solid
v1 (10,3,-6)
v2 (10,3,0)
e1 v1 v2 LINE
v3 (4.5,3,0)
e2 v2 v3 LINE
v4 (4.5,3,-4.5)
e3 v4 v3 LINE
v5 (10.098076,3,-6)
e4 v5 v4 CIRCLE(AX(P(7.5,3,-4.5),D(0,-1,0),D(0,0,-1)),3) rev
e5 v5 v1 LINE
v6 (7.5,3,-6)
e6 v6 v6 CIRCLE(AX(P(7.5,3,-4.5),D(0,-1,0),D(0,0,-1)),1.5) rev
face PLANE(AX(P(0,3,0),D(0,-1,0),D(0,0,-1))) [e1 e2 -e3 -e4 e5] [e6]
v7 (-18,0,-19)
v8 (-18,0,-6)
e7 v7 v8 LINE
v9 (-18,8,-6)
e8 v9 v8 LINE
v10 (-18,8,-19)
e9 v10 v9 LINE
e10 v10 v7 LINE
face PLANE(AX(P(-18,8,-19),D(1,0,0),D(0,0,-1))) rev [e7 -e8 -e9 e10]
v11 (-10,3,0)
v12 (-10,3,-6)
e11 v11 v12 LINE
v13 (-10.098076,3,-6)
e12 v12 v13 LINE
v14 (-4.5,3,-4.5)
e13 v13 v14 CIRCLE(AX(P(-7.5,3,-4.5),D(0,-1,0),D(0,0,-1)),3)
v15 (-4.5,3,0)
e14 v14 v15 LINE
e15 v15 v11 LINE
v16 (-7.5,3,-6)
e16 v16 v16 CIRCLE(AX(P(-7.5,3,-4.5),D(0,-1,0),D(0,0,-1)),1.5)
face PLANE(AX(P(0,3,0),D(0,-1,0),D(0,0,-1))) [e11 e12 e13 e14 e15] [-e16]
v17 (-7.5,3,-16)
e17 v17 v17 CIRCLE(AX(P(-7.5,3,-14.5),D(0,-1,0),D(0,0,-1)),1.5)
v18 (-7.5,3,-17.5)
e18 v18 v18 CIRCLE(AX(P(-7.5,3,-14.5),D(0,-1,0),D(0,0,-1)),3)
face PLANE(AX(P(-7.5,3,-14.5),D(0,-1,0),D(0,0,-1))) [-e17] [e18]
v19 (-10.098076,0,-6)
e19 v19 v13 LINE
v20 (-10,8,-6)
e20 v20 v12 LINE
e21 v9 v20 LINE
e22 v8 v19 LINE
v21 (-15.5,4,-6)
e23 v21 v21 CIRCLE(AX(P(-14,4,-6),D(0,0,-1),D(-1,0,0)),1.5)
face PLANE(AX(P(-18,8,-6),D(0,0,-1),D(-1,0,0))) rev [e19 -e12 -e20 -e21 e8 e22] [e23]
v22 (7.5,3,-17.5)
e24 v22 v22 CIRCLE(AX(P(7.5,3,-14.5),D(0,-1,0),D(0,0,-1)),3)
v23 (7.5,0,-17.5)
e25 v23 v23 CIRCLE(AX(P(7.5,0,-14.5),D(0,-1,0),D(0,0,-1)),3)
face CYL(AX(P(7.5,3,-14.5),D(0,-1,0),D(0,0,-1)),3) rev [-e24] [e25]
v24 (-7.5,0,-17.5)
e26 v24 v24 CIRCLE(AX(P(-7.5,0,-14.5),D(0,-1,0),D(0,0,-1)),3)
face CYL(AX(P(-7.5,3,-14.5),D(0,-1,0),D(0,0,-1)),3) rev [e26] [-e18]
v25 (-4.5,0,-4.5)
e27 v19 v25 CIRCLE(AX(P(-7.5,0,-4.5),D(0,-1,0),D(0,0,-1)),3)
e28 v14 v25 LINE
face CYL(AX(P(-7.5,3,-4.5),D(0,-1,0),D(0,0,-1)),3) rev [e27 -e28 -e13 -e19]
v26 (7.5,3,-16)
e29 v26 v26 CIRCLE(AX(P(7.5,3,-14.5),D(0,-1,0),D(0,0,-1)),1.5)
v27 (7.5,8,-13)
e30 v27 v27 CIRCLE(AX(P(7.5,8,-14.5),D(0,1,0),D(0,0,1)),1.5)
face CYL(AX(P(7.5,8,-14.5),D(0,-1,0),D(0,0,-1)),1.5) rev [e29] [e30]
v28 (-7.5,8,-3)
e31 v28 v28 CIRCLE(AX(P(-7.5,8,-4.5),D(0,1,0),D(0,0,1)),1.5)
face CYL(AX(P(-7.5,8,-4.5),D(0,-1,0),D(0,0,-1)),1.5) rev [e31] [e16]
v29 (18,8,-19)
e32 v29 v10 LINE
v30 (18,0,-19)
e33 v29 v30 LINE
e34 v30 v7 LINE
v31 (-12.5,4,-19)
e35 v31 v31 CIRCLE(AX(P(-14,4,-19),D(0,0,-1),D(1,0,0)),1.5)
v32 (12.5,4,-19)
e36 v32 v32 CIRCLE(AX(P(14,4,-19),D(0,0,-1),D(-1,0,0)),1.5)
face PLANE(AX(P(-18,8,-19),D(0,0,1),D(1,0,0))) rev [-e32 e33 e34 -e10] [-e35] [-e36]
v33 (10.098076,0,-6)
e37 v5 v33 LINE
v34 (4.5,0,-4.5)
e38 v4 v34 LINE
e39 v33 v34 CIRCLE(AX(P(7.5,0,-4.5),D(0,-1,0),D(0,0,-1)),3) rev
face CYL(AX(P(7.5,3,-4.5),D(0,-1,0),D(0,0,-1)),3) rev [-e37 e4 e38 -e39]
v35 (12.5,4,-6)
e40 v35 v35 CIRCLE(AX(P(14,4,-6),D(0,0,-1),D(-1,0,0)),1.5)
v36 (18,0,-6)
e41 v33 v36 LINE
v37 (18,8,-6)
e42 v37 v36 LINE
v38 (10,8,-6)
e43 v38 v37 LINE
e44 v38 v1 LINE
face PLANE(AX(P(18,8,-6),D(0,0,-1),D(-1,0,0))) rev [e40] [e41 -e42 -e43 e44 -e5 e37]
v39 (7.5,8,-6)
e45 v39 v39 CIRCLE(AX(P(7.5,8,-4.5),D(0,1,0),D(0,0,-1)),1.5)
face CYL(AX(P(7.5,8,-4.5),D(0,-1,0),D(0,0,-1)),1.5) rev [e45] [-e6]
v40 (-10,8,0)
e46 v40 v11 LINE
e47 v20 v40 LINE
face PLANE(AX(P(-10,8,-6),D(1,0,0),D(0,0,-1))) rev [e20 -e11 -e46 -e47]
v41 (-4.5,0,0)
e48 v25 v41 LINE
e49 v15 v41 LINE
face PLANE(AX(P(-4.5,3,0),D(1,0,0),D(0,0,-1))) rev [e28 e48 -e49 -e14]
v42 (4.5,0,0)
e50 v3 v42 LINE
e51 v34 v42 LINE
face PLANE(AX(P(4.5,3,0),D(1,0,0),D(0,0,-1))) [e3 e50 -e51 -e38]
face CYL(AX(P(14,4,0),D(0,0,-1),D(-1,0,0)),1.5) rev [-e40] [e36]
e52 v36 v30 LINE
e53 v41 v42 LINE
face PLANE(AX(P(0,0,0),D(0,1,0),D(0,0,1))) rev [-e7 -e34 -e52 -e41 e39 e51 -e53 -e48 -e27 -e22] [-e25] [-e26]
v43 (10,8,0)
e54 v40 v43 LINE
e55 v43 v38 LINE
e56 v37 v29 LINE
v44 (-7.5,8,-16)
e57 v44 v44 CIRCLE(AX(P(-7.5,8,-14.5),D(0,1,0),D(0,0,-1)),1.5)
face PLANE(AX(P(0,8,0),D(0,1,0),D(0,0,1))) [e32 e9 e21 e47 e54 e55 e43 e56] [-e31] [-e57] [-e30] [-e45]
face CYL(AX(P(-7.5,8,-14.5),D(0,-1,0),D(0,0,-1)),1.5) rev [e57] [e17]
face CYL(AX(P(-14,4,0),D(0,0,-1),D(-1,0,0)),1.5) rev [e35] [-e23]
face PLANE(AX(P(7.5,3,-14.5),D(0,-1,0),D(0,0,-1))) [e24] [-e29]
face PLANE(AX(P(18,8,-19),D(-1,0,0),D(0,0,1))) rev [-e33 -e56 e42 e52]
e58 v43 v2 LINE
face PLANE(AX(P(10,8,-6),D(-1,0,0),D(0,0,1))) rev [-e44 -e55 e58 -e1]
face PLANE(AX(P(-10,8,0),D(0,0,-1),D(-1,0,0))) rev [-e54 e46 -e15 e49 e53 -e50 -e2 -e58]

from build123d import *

# Parameters (mm, degrees)
SKETCH_1_R          = 1.5
EXTRUDE_1_DEPTH     = 8
SKETCH_2_R          = 1.5
CUT_EXTRUDE_1_DEPTH = 28.367864367
SKETCH_3_R          = 3
CUT_EXTRUDE_2_DEPTH = 3
CUT_EXTRUDE_3_DEPTH = 3


with BuildPart() as part:
    # 草图1 → 凸台-拉伸1 (new body)
    with BuildSketch(Plane(origin=(0, 0, 0), x_dir=(1, 0, 0), z_dir=(0, 1, 0))):
        Polygon((-18, 19), (18, 19), (18, 6), (10, 6), (10, 0), (-10, 0), (-10, 6), (-18, 6), align=None)
        with Locations(Location((7.5, 14.5, 0), (0, 0, 270))):
            Circle(SKETCH_1_R, mode=Mode.SUBTRACT)
        with Locations(Location((7.5, 4.5, 0), (0, 0, 90))):
            Circle(SKETCH_1_R, mode=Mode.SUBTRACT)
        with Locations(Location((-7.5, 4.5, 0), (0, 0, 270))):
            Circle(SKETCH_1_R, mode=Mode.SUBTRACT)
        with Locations(Location((-7.5, 14.5, 0), (0, 0, 90))):
            Circle(SKETCH_1_R, mode=Mode.SUBTRACT)
    extrude(amount=EXTRUDE_1_DEPTH)

    # 草图2 → 切除-拉伸1 (cut, through all)
    with BuildSketch(Plane(origin=(0, 0, -19), x_dir=(-1, 0, 0), z_dir=(0, 0, -1))):
        with Locations((-14, 4)):
            Circle(SKETCH_2_R)
        with Locations((14, 4)):
            Circle(SKETCH_2_R)
    extrude(amount=-CUT_EXTRUDE_1_DEPTH, mode=Mode.SUBTRACT)

    # 草图3 → 切除-拉伸2 (cut)
    with BuildSketch(Plane.XZ):
        with Locations(Location((-7.5, -14.5, 0), (0, 0, 270))):
            Circle(SKETCH_3_R)
        with Locations(Location((7.5, -14.5, 0), (0, 0, 270))):
            Circle(SKETCH_3_R)
    extrude(amount=-CUT_EXTRUDE_2_DEPTH, mode=Mode.SUBTRACT)

    # 草图4 → 切除-拉伸3 (cut)
    with BuildSketch(Plane.XZ):
        with BuildLine():
            ThreePointArc((-10, -2.841687605), (-6.633974596, -1.627718677), (-4.5, -4.5))
            Line((-4.5, -4.5), (-4.5, 0))
            Line((-4.5, 0), (-10, 0))
            Line((-10, 0), (-10, -2.841687605))
        make_face()
        with BuildLine():
            Line((-6, -4.5), (-4.5, -4.5))
            ThreePointArc((-4.5, -4.5), (-6.633974596, -1.627718677), (-10, -2.841687605))
            Line((-10, -2.841687605), (-10, -4.5))
            Line((-10, -4.5), (-9, -4.5))
            ThreePointArc((-9, -4.5), (-7.5, -3), (-6, -4.5))
        make_face()
        with BuildLine():
            ThreePointArc((-10.098076211, -6), (-6.723542865, -7.397777479), (-4.5, -4.5))
            Line((-4.5, -4.5), (-6, -4.5))
            ThreePointArc((-6, -4.5), (-7.5, -6), (-9, -4.5))
            Line((-9, -4.5), (-10, -4.5))
            Line((-10, -4.5), (-10, -6))
            Line((-10, -6), (-10.098076211, -6))
        make_face()
        with BuildLine():
            ThreePointArc((10, -2.841687605), (6.633974596, -1.627718677), (4.5, -4.5))
            Line((4.5, -4.5), (6, -4.5))
            ThreePointArc((6, -4.5), (7.5, -3), (9, -4.5))
            Line((9, -4.5), (10, -4.5))
            Line((10, -4.5), (10, -2.841687605))
        make_face()
        with BuildLine():
            Line((6, -4.5), (4.5, -4.5))
            ThreePointArc((4.5, -4.5), (6.723542865, -7.397777479), (10.098076211, -6))
            Line((10.098076211, -6), (10, -6))
            Line((10, -6), (10, -4.5))
            Line((10, -4.5), (9, -4.5))
            ThreePointArc((9, -4.5), (7.5, -6), (6, -4.5))
        make_face()
        with BuildLine():
            Line((10, 0), (4.5, 0))
            Line((4.5, 0), (4.5, -4.5))
            ThreePointArc((4.5, -4.5), (6.633974596, -1.627718677), (10, -2.841687605))
            Line((10, -2.841687605), (10, 0))
        make_face()
    extrude(amount=-CUT_EXTRUDE_3_DEPTH, mode=Mode.SUBTRACT)


solid = part.part
